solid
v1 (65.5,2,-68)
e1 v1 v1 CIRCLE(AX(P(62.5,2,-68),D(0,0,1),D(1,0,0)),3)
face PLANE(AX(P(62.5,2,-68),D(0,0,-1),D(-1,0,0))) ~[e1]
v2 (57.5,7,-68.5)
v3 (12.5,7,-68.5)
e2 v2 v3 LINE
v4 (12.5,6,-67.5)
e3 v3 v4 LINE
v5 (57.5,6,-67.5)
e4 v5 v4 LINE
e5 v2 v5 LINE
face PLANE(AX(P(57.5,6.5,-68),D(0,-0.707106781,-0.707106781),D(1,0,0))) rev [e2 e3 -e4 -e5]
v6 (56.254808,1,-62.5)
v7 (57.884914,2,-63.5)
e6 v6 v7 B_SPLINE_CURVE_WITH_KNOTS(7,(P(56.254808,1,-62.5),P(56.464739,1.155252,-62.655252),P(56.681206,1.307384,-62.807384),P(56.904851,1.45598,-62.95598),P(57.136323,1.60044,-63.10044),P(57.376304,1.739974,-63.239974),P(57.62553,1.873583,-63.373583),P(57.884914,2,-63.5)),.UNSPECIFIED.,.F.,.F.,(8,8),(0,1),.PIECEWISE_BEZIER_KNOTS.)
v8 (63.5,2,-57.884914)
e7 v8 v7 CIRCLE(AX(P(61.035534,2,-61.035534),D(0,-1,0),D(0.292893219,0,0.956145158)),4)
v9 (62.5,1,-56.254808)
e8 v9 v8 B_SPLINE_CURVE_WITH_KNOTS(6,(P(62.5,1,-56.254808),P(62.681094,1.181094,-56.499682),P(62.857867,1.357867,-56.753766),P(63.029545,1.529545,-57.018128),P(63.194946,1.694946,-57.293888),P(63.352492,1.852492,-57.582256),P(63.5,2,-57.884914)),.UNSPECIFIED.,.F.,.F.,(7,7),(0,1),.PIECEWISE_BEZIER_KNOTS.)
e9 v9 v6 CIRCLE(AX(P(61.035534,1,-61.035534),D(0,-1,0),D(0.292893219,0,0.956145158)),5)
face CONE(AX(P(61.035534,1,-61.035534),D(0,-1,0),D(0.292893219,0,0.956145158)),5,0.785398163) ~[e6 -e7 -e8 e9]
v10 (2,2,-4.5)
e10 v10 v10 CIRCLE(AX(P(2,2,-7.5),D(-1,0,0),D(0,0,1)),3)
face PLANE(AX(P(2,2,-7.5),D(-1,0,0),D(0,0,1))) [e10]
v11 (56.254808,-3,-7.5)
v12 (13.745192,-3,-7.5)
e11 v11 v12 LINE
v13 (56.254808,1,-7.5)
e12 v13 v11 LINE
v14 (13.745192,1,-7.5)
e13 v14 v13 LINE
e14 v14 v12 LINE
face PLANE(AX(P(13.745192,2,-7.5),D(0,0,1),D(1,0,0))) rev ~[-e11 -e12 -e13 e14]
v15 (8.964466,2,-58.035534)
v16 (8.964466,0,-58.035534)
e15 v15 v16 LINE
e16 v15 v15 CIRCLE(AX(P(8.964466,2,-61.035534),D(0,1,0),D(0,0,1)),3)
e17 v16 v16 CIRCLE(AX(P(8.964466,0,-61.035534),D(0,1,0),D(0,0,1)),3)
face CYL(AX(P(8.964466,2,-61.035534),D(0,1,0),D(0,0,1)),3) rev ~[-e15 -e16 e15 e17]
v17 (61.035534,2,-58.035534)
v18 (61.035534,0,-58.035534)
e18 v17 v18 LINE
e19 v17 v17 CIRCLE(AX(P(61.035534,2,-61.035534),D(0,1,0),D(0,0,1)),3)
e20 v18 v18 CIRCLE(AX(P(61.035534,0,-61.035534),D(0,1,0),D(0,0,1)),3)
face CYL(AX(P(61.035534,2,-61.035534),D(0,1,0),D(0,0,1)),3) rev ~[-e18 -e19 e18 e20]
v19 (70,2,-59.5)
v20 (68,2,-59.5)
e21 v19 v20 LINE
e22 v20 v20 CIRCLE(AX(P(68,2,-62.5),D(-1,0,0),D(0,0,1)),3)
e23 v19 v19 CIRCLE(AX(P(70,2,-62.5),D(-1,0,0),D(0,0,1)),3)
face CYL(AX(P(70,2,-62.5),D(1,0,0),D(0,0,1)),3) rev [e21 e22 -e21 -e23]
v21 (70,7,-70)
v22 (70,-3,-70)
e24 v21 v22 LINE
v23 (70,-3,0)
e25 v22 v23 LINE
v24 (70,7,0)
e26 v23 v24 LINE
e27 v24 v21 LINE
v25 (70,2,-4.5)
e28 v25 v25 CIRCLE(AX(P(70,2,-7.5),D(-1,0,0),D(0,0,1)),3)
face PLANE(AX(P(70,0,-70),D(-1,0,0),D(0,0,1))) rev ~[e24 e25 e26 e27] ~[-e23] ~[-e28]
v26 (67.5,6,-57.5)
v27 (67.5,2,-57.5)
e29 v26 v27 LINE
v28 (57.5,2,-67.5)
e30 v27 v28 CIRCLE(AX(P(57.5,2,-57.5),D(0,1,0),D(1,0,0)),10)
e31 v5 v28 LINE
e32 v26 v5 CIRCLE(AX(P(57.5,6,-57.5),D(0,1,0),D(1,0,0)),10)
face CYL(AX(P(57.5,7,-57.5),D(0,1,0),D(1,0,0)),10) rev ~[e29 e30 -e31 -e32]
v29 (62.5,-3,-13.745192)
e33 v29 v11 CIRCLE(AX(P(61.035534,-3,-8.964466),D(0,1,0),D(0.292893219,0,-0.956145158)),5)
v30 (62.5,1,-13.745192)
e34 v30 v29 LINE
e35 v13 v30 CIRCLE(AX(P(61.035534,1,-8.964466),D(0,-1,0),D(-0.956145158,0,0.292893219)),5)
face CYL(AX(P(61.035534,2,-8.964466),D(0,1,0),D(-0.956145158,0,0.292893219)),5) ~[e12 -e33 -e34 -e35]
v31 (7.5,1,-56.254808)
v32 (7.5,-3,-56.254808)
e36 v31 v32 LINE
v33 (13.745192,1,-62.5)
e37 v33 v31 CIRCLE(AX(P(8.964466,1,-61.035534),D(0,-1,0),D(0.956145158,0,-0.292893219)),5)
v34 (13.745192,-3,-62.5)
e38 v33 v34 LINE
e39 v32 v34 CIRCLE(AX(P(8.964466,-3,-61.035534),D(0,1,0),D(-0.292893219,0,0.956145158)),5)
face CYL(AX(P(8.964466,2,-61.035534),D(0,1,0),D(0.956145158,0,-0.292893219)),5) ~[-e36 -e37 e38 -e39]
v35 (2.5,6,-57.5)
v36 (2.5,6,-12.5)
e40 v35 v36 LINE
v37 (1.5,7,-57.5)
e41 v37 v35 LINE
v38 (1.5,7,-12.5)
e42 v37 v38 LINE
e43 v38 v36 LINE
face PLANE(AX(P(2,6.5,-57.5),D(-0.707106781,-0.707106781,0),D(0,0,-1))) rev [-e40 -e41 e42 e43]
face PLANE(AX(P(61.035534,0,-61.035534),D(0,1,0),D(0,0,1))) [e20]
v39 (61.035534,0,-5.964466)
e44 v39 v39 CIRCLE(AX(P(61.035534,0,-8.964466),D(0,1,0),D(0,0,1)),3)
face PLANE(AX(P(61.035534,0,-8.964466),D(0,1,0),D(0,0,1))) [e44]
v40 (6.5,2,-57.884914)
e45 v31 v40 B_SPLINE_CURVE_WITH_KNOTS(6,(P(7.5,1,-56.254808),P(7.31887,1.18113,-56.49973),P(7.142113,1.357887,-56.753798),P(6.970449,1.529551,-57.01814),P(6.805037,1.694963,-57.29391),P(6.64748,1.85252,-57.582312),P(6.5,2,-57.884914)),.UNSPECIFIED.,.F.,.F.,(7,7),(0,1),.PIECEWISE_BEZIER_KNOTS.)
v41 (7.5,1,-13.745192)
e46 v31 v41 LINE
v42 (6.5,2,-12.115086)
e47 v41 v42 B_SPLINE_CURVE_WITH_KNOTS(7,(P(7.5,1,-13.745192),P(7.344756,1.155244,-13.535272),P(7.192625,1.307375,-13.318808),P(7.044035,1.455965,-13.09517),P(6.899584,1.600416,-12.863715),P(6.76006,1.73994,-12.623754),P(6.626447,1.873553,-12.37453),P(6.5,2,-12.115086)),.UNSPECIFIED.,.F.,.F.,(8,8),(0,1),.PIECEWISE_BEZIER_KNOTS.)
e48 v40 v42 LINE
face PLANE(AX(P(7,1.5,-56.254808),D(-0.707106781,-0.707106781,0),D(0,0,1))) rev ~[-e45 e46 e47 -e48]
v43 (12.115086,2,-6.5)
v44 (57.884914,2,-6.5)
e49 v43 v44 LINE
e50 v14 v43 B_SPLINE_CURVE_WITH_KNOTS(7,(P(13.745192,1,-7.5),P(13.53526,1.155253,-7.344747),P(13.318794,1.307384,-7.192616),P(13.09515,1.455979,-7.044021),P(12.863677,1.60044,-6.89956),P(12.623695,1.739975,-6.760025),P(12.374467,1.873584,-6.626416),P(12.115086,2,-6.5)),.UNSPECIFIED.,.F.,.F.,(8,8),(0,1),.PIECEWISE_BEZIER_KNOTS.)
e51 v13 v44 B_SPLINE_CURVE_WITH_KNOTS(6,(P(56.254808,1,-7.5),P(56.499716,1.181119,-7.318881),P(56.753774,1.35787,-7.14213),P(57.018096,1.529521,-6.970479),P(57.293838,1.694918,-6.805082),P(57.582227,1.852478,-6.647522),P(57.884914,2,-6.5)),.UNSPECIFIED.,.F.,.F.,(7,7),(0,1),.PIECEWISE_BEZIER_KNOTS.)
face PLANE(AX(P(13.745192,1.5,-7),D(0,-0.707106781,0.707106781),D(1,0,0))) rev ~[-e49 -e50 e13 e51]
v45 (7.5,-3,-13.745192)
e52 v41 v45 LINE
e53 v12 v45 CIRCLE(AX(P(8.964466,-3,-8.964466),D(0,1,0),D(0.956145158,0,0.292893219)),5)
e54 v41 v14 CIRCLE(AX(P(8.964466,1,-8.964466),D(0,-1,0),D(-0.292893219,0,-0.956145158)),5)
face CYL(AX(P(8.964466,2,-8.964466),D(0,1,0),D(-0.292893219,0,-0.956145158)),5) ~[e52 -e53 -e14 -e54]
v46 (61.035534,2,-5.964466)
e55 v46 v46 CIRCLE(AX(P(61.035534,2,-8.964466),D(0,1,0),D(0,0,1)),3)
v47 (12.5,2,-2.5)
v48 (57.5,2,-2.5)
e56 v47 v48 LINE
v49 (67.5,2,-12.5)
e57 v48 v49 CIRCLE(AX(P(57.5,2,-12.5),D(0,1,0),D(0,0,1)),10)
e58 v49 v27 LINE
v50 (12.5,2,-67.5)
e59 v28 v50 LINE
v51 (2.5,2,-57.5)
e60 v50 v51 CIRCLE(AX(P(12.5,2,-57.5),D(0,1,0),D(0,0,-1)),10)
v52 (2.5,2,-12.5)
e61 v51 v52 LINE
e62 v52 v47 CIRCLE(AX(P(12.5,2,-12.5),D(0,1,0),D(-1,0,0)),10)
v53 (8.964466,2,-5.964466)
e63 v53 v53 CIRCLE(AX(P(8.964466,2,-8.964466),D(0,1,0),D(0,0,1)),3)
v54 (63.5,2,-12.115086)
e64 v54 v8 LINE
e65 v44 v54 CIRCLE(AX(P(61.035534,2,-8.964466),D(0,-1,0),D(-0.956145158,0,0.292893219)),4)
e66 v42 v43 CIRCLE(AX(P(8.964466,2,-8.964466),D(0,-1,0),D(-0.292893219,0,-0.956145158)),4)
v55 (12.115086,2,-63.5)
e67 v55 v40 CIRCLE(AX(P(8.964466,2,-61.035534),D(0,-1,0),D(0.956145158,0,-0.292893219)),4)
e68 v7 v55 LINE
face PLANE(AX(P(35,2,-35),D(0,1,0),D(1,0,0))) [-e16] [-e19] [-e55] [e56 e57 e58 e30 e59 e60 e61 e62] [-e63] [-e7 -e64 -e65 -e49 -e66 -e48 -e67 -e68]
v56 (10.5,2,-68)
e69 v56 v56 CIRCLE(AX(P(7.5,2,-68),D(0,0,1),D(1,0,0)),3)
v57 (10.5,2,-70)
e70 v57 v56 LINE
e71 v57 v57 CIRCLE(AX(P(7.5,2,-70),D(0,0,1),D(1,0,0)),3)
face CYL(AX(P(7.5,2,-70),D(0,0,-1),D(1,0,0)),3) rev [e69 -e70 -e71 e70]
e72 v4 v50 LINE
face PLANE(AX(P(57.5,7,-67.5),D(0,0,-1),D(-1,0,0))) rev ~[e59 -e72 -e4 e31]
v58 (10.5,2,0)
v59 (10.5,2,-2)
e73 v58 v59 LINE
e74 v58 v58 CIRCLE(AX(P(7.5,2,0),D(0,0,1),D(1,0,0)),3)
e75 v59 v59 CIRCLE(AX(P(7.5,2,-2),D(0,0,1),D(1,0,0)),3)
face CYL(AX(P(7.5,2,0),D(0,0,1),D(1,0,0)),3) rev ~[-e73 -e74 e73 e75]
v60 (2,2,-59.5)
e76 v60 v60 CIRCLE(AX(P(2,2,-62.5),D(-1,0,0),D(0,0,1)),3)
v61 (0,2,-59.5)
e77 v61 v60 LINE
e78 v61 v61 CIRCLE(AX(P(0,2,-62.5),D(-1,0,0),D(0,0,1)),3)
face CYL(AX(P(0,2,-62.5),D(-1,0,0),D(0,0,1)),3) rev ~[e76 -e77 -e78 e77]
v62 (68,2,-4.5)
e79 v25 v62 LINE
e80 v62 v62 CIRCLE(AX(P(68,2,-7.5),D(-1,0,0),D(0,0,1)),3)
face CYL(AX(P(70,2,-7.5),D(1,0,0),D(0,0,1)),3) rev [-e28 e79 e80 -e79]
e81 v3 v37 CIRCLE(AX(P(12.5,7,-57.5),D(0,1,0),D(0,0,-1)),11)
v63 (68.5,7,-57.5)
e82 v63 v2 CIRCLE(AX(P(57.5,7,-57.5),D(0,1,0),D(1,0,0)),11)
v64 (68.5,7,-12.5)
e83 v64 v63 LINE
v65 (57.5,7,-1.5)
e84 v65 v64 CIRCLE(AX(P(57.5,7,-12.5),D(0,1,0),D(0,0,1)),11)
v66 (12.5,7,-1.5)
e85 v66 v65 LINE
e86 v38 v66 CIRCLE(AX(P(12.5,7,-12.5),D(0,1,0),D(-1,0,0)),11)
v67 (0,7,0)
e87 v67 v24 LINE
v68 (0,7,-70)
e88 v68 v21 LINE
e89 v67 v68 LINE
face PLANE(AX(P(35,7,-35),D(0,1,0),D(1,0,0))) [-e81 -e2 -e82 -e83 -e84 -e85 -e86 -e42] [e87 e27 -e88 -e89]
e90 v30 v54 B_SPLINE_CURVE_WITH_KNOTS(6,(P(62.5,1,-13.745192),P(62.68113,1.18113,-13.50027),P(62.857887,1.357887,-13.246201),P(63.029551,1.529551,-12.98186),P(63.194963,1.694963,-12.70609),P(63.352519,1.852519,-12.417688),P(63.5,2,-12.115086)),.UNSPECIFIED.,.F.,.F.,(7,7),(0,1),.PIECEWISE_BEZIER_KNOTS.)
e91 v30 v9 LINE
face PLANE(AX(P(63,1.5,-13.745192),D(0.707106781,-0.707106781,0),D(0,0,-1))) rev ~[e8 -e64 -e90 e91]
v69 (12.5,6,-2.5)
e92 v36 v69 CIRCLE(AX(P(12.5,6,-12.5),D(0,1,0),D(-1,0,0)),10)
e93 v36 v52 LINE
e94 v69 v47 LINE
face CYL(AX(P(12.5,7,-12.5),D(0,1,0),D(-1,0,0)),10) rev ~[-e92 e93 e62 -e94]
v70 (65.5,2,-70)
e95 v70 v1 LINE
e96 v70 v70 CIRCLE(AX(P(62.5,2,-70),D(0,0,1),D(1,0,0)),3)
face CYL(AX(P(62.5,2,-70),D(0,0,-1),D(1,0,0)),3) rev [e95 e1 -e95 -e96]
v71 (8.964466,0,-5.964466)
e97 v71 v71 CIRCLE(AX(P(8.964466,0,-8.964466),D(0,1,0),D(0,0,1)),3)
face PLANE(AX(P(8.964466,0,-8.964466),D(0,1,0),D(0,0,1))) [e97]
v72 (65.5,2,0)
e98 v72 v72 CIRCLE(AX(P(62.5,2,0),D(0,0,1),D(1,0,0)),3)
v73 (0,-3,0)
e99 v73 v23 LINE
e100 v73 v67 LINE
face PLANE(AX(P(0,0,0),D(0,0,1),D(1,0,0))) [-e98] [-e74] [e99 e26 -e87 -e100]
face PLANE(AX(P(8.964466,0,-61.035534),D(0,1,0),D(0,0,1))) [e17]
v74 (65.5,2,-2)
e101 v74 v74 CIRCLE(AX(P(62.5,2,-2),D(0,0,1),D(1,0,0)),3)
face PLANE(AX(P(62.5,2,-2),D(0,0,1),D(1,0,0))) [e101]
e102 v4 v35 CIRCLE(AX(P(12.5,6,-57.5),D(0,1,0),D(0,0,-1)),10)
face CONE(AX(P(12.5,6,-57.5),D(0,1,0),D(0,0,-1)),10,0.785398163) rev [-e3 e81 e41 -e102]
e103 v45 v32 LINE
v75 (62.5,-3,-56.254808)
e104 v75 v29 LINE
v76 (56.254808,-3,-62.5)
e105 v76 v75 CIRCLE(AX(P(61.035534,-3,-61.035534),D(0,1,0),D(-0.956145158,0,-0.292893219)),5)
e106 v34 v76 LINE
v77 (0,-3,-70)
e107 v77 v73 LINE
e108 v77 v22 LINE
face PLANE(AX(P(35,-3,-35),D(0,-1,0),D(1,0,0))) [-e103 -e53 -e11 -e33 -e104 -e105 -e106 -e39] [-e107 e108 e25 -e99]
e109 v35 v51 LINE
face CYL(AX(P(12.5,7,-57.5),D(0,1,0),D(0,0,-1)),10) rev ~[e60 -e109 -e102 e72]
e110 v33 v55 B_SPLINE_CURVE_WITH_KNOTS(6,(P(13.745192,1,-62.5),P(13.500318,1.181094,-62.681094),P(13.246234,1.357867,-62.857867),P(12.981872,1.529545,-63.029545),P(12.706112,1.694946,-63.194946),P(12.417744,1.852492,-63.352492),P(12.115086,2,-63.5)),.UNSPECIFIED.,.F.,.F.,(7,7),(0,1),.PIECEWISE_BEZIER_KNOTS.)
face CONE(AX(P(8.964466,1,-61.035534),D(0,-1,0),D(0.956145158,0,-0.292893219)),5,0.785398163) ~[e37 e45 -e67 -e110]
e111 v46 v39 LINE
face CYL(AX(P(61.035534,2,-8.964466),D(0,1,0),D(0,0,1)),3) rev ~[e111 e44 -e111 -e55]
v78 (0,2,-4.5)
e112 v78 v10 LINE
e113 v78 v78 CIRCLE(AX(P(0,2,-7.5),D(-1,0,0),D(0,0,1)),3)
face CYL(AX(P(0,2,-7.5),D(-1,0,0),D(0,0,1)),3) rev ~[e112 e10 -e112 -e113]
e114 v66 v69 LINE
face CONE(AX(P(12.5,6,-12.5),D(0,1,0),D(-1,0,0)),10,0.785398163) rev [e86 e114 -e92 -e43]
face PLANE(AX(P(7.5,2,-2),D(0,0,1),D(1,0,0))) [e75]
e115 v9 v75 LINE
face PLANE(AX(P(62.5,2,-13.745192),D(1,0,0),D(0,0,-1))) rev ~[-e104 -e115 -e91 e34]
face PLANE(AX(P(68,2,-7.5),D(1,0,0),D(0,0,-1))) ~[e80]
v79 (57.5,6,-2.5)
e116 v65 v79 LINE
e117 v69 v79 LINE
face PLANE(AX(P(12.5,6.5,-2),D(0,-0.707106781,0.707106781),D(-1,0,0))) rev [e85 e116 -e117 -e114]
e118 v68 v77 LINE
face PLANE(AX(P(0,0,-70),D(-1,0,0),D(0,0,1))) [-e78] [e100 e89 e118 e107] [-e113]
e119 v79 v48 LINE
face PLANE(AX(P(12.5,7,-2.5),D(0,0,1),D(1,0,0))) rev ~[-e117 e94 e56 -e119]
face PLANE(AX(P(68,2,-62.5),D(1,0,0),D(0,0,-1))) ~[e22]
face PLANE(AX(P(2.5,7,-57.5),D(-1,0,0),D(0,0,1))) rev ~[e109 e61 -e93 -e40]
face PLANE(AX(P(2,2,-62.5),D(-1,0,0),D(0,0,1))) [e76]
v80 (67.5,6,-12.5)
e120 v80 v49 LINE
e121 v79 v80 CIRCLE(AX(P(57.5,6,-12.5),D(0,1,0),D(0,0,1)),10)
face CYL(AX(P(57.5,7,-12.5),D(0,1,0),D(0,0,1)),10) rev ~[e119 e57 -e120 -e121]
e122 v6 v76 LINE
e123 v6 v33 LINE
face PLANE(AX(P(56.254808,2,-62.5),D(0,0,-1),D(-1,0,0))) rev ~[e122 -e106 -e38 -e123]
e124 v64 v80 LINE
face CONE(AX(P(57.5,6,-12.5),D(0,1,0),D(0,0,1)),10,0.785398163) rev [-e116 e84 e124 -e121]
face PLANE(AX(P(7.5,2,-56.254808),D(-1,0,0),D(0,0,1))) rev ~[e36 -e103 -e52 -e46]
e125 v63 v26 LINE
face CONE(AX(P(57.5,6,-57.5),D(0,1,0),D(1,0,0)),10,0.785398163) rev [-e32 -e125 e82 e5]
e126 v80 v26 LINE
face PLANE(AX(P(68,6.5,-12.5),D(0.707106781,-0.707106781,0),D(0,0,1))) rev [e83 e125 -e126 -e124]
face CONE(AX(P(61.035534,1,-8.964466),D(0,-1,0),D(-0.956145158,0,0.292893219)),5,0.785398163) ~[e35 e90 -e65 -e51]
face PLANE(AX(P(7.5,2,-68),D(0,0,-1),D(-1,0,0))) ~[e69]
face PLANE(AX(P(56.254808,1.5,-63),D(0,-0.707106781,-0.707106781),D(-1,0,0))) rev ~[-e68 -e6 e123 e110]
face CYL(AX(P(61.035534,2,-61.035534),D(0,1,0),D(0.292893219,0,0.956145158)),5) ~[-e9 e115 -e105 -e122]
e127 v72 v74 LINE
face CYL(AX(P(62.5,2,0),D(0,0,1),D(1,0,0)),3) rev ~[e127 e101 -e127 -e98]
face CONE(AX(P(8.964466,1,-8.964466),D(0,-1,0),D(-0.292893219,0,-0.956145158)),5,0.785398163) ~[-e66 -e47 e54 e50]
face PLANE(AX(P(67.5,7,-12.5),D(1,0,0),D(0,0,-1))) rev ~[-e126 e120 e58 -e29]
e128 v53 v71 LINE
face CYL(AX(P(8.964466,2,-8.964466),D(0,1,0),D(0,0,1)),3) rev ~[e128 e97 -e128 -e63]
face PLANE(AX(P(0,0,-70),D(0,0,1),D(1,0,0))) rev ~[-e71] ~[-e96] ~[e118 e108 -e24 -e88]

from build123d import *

# Parameters (mm, degrees)
SKETCH1_W           = 70
SKETCH1_H           = 70
BOSS_EXTRUDE2_DEPTH = 7
CUT_EXTRUDE1_DEPTH  = 5
SKETCH9_W           = 70
SKETCH9_H           = 70
BOSS_EXTRUDE3_DEPTH = 5
CUT_EXTRUDE11_DEPTH = 100.242128151
SKETCH21_R          = 3
CUT_EXTRUDE12_DEPTH = 2
CHAMFER3_SIZE       = 1
CUT_EXTRUDE13_START = -2
SKETCH22_W          = 70
SKETCH22_H          = 70
CUT_EXTRUDE13_DEPTH = 2
SKETCH27_R          = 3
CUT_EXTRUDE27_DEPTH = 2
SKETCH28_R          = 3
CUT_EXTRUDE28_DEPTH = 2


with BuildPart() as part:
    # Sketch1 → Boss-Extrude2 (new body)
    with BuildSketch(Plane(origin=(0, 0, 0), x_dir=(1, 0, 0), z_dir=(0, 1, 0))):
        with Locations((35, 35)):
            Rectangle(SKETCH1_W, SKETCH1_H)
    extrude(amount=BOSS_EXTRUDE2_DEPTH)

    # Sketch3 → Cut-Extrude1 (cut)
    with BuildSketch(Plane(origin=(0, 7, 0), x_dir=(1, 0, 0), z_dir=(0, 1, 0))):
        with BuildLine():
            Line((2.5, 57.5), (2.5, 12.5))
            ThreePointArc((2.5, 12.5), (5.428932188, 5.428932188), (12.5, 2.5))
            Line((12.5, 2.5), (57.5, 2.5))
            ThreePointArc((57.5, 2.5), (64.571067812, 5.428932188), (67.5, 12.5))
            Line((67.5, 12.5), (67.5, 57.5))
            ThreePointArc((67.5, 57.5), (64.571067812, 64.571067812), (57.5, 67.5))
            Line((57.5, 67.5), (12.5, 67.5))
            ThreePointArc((12.5, 67.5), (5.428932188, 64.571067812), (2.5, 57.5))
        make_face()
    extrude(amount=-CUT_EXTRUDE1_DEPTH, mode=Mode.SUBTRACT)

    # Sketch9 → Boss-Extrude3 (add)
    with BuildSketch(Plane.XZ):
        with Locations((35, -35)):
            Rectangle(SKETCH9_W, SKETCH9_H)
    extrude(amount=BOSS_EXTRUDE3_DEPTH)

    # Sketch20 → Cut-Extrude11 (cut, through all)
    with BuildSketch(Plane(origin=(0, 2, 0), x_dir=(1, 0, 0), z_dir=(0, 1, 0))):
        with BuildLine():
            Line((13.745191882, 7.5), (56.254808118, 7.5))
            ThreePointArc((56.254808118, 7.5), (57.5, 12.5), (62.5, 13.745191882))
            Line((62.5, 13.745191882), (62.5, 56.254808118))
            ThreePointArc((62.5, 56.254808118), (57.5, 57.5), (56.254808118, 62.5))
            Line((56.254808118, 62.5), (13.745191882, 62.5))
            ThreePointArc((13.745191882, 62.5), (12.5, 57.5), (7.5, 56.254808118))
            Line((7.5, 56.254808118), (7.5, 13.745191882))
            ThreePointArc((7.5, 13.745191882), (12.5, 12.5), (13.745191882, 7.5))
        make_face()
    extrude(amount=-CUT_EXTRUDE11_DEPTH, mode=Mode.SUBTRACT)

    # Sketch21 → Cut-Extrude12 (cut)
    with BuildSketch(Plane(origin=(0, 2, 0), x_dir=(1, 0, 0), z_dir=(0, 1, 0))):
        with Locations(Location((8.964466094, 61.035533906, 0), (0, 0, 270))):
            Circle(SKETCH21_R)
        with Locations(Location((61.035533906, 61.035533906, 0), (0, 0, 270))):
            Circle(SKETCH21_R)
        with Locations(Location((61.035533906, 8.964466094, 0), (0, 0, 270))):
            Circle(SKETCH21_R)
        with Locations(Location((8.964466094, 8.964466094, 0), (0, 0, 270))):
            Circle(SKETCH21_R)
    extrude(amount=-CUT_EXTRUDE12_DEPTH, mode=Mode.SUBTRACT)

    # Chamfer3
    chamfer3_edges = [part.edges().sort_by_distance(p)[0] for p in [
        (5.428932188, 7, -5.428932188),
        (35, 7, -2.5),
        (64.571067812, 7, -5.428932188),
        (67.5, 7, -35),
        (64.571067812, 7, -64.571067812),
        (35, 7, -67.5),
        (5.428932188, 7, -64.571067812),
        (2.5, 7, -35),
        (12.5, 2, -12.5),
        (12.5, 2, -57.5),
        (57.5, 2, -57.5),
        (57.5, 2, -12.5),
        (35, 2, -7.5),
        (62.5, 2, -35),
        (35, 2, -62.5),
        (7.5, 2, -35),
    ]]
    chamfer(chamfer3_edges, length=CHAMFER3_SIZE)

    # Sketch22 → Cut-Extrude13 (cut)
    with BuildSketch(Plane.XZ.offset(5).offset(CUT_EXTRUDE13_START)):
        with Locations((35, -35)):
            Rectangle(SKETCH22_W, SKETCH22_H)
        with BuildLine():
            Line((7.5, -13.745191882), (7.5, -56.254808118))
            ThreePointArc((7.5, -56.254808118), (12.5, -57.5), (13.745191882, -62.5))
            Line((13.745191882, -62.5), (56.254808118, -62.5))
            ThreePointArc((56.254808118, -62.5), (57.5, -57.5), (62.5, -56.254808118))
            Line((62.5, -56.254808118), (62.5, -13.745191882))
            ThreePointArc((62.5, -13.745191882), (57.5, -12.5), (56.254808118, -7.5))
            Line((56.254808118, -7.5), (13.745191882, -7.5))
            ThreePointArc((13.745191882, -7.5), (12.5, -12.5), (7.5, -13.745191882))
        make_face(mode=Mode.SUBTRACT)
    extrude(amount=CUT_EXTRUDE13_DEPTH, mode=Mode.SUBTRACT)

    # Sketch27 → Cut-Extrude27 (cut)
    with BuildSketch(Plane.ZY):
        with Locations((-62.5, 2)):
            Circle(SKETCH27_R)
        with Locations((-7.5, 2)):
            Circle(SKETCH27_R)
    cut_extrude27 = extrude(amount=-CUT_EXTRUDE27_DEPTH, mode=Mode.SUBTRACT)

    # Mirror4: Cut-Extrude27 across plane
    add(cut_extrude27.mirror(Plane.ZY.offset(-35)), mode=Mode.SUBTRACT)

    # Sketch28 → Cut-Extrude28 (cut)
    with BuildSketch(Plane.XY):
        with Locations((7.5, 2)):
            Circle(SKETCH28_R)
        with Locations((62.5, 2)):
            Circle(SKETCH28_R)
    cut_extrude28 = extrude(amount=-CUT_EXTRUDE28_DEPTH, mode=Mode.SUBTRACT)

    # Mirror5: Cut-Extrude28 across plane
    add(cut_extrude28.mirror(Plane.XY.offset(-35)), mode=Mode.SUBTRACT)


solid = part.part
